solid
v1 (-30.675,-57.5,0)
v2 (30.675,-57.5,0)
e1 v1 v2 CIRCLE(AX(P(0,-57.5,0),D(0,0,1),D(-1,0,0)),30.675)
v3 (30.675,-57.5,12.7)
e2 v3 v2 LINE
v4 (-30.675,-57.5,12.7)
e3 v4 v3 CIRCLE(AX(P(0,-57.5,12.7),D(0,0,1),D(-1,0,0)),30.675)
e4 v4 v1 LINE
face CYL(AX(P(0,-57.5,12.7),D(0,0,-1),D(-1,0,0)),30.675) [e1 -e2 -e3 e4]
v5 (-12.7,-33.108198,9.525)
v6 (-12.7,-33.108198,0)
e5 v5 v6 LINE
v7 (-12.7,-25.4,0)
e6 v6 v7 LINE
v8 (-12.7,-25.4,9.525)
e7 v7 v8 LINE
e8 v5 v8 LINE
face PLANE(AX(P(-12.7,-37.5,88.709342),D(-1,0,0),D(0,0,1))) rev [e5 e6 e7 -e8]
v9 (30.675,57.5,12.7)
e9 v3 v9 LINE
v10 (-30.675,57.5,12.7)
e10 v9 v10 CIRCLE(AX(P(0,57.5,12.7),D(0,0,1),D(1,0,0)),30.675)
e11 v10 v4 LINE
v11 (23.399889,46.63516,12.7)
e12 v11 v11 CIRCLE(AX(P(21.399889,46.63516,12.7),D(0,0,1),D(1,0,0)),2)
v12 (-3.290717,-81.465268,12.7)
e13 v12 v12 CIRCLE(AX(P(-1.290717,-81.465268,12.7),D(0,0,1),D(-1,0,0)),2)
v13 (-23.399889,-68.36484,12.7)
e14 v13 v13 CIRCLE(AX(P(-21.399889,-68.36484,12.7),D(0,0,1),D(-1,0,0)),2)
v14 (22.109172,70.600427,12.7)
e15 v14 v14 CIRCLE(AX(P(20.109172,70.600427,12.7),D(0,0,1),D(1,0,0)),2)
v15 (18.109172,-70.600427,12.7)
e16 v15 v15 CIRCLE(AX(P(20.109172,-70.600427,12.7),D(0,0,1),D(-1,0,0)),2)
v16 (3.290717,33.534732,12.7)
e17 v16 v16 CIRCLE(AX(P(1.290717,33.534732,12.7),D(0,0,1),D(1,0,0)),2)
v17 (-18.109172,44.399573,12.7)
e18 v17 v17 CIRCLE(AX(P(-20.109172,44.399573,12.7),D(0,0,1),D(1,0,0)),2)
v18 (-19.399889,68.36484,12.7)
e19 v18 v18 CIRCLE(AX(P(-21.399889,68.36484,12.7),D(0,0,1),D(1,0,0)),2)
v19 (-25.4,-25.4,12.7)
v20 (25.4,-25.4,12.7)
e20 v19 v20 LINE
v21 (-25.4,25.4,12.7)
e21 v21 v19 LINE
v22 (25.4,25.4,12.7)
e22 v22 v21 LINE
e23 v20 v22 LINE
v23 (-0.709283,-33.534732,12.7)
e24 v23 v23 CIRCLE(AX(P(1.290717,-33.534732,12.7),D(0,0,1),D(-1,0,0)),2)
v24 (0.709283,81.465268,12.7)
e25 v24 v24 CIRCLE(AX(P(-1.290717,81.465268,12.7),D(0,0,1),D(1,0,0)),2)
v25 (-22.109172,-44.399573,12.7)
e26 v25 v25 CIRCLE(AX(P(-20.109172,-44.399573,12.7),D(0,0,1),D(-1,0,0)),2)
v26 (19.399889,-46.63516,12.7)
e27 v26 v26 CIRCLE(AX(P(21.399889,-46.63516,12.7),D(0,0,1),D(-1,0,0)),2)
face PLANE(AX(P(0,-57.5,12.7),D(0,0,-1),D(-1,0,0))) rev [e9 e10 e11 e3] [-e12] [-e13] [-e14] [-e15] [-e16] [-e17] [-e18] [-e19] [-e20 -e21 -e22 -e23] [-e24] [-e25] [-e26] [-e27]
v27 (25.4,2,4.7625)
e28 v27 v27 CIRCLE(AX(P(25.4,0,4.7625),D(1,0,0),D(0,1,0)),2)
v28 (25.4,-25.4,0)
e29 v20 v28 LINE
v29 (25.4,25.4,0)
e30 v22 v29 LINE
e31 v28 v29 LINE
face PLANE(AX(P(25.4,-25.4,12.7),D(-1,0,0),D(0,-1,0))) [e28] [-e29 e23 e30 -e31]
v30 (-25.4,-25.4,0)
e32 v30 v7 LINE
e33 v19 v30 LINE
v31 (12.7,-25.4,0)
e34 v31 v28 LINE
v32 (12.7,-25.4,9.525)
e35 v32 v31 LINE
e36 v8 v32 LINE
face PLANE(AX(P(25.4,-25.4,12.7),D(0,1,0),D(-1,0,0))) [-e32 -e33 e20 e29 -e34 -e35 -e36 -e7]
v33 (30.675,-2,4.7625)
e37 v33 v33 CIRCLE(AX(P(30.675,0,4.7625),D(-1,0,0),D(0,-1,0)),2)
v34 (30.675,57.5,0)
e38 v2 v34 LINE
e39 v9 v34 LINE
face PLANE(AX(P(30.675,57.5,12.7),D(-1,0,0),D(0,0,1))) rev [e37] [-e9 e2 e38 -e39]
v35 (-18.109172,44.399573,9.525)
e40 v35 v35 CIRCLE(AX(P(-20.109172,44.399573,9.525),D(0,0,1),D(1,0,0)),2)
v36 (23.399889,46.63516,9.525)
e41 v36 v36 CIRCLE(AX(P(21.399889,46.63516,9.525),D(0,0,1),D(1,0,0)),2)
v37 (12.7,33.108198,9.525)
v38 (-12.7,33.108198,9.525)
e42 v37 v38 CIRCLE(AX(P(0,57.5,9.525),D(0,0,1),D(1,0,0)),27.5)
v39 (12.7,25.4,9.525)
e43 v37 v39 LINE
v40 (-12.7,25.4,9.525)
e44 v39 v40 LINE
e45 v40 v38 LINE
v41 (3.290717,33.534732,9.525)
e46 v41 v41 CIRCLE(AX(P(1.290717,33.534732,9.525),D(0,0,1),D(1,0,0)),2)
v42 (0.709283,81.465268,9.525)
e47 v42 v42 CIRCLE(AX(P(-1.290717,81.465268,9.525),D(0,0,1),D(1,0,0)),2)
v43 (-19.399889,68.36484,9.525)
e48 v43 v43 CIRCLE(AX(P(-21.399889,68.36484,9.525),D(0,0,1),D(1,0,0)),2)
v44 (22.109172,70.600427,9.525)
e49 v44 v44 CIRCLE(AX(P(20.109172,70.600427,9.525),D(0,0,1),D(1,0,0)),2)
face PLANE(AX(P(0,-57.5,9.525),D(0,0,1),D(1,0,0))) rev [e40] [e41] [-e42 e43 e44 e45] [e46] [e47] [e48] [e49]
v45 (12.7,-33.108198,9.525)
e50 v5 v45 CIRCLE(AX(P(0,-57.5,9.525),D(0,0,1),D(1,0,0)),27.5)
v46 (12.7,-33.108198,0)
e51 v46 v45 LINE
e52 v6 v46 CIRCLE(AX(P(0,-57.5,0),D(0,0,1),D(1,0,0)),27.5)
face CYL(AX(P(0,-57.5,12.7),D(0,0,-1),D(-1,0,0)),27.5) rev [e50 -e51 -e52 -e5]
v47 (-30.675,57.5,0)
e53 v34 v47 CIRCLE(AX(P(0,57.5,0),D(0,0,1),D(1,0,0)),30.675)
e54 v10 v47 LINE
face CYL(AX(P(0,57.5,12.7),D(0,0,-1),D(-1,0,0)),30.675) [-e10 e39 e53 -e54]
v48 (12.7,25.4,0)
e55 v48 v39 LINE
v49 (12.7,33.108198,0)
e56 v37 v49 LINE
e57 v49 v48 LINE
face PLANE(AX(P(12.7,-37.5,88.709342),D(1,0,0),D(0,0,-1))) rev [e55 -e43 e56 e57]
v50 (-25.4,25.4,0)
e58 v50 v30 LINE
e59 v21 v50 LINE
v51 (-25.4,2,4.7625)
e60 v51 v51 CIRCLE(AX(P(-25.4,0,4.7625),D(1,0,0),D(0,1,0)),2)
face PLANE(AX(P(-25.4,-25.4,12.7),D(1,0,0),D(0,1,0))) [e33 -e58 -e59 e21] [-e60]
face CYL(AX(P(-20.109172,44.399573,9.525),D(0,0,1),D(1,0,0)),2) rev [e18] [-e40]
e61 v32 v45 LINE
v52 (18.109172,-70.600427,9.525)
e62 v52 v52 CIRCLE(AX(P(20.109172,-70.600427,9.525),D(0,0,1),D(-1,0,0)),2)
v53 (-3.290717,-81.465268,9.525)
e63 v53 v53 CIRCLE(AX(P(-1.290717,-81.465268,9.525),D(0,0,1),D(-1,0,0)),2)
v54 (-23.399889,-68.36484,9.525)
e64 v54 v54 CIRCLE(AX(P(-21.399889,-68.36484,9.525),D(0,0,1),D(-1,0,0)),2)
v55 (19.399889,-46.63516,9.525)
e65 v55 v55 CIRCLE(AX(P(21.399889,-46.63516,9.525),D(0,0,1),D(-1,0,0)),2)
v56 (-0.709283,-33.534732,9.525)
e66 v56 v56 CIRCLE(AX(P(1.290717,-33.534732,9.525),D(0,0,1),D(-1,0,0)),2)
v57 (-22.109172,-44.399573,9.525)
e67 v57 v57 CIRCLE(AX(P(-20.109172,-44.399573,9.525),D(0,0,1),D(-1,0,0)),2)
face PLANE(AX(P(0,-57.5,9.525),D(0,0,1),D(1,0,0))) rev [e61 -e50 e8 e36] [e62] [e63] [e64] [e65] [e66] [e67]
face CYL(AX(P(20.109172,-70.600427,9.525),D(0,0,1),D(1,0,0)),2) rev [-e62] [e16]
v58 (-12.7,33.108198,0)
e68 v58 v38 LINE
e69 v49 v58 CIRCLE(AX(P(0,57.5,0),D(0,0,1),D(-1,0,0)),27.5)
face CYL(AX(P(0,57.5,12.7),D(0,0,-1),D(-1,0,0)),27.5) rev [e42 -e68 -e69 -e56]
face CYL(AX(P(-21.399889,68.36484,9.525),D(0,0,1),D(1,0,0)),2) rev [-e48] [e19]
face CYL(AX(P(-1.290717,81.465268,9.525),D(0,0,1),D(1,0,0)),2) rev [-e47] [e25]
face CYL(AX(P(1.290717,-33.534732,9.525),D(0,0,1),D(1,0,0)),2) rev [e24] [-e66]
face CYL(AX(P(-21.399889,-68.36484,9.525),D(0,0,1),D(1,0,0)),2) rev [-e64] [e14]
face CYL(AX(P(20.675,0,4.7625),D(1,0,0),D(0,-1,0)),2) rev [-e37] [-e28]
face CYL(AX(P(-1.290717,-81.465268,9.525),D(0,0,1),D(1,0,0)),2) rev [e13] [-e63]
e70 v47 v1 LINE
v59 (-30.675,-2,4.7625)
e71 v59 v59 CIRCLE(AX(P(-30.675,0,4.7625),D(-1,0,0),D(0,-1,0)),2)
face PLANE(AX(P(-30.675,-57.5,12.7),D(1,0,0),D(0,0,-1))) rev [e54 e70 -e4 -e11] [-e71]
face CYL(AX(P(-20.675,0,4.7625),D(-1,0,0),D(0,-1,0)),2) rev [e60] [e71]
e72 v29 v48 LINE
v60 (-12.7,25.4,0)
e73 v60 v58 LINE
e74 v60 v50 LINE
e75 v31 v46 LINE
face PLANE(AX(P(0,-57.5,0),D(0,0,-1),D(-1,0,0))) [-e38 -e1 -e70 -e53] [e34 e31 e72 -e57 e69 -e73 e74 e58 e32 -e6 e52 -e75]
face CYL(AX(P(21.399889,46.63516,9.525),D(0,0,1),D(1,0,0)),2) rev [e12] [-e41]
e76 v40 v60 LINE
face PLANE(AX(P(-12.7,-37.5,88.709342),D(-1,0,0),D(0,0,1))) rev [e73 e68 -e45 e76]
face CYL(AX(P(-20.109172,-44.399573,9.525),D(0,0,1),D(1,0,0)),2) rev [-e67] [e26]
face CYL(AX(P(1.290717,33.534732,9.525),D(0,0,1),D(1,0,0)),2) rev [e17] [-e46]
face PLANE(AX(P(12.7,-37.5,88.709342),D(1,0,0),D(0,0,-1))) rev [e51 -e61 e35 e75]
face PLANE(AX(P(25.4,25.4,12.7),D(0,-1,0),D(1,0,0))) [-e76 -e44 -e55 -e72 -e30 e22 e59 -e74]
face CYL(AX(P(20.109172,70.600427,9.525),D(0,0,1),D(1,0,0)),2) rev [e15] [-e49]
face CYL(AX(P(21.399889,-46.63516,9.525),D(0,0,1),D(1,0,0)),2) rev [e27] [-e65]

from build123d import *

# Parameters (mm, degrees)
SKETCH1_R           = 27.5
SKETCH1_W           = 50.8
SKETCH1_H           = 50.8
BOSS_EXTRUDE1_DEPTH = 12.7
BOSS_EXTRUDE2_START = -3.175
SKETCH2_R           = 2
SKETCH2_W           = 50.8
SKETCH2_H           = 50.8
BOSS_EXTRUDE2_DEPTH = 3.175
SKETCH7_R           = 2
CUT_EXTRUDE4_DEPTH  = 10
SKETCH8_W           = 25.4
SKETCH8_H           = 75
CUT_EXTRUDE5_DEPTH  = 9.525


with BuildPart() as part:
    # Sketch1 → Boss-Extrude1 (new body)
    with BuildSketch(Plane.XY):
        with BuildLine():
            Line((30.675000233, 57.5), (30.675000233, -57.5))
            ThreePointArc((30.675000233, -57.5), (0, -88.175000233), (-30.675000233, -57.5))
            Line((-30.675000233, -57.5), (-30.675000233, 57.5))
            ThreePointArc((-30.675000233, 57.5), (0, 88.175000233), (30.675000233, 57.5))
        make_face()
        with Locations((0, -57.5)):
            Circle(SKETCH1_R, mode=Mode.SUBTRACT)
        with Locations(Location((0, 57.5, 0), (0, 0, 180))):
            Circle(SKETCH1_R, mode=Mode.SUBTRACT)
        Rectangle(SKETCH1_W, SKETCH1_H, mode=Mode.SUBTRACT)
    extrude(amount=BOSS_EXTRUDE1_DEPTH)

    # Sketch2 → Boss-Extrude2 (add)
    with BuildSketch(Plane.XY.offset(12.7).offset(BOSS_EXTRUDE2_START)):
        with BuildLine():
            Line((30.675000233, -57.5), (30.675000233, 57.5))
            ThreePointArc((30.675000233, 57.5), (0, 88.175000233), (-30.675000233, 57.5))
            Line((-30.675000233, 57.5), (-30.675000233, -57.5))
            ThreePointArc((-30.675000233, -57.5), (0, -88.175000233), (30.675000233, -57.5))
        make_face()
        with Locations((-1.290716795, 81.465267579)):
            Circle(SKETCH2_R, mode=Mode.SUBTRACT)
        with Locations((20.109172135, 70.600427323)):
            Circle(SKETCH2_R, mode=Mode.SUBTRACT)
        with Locations((21.39988893, 46.635159744)):
            Circle(SKETCH2_R, mode=Mode.SUBTRACT)
        with Locations((1.290716795, 33.534732421)):
            Circle(SKETCH2_R, mode=Mode.SUBTRACT)
        with Locations((-20.109172135, 44.399572677)):
            Circle(SKETCH2_R, mode=Mode.SUBTRACT)
        with Locations((-21.39988893, 68.364840256)):
            Circle(SKETCH2_R, mode=Mode.SUBTRACT)
        with Locations(Location((-21.39988893, -68.364840256, 0), (0, 0, 180))):
            Circle(SKETCH2_R, mode=Mode.SUBTRACT)
        with Locations(Location((-20.109172135, -44.399572677, 0), (0, 0, 180))):
            Circle(SKETCH2_R, mode=Mode.SUBTRACT)
        with Locations(Location((1.290716795, -33.534732421, 0), (0, 0, 180))):
            Circle(SKETCH2_R, mode=Mode.SUBTRACT)
        with Locations(Location((21.39988893, -46.635159744, 0), (0, 0, 180))):
            Circle(SKETCH2_R, mode=Mode.SUBTRACT)
        with Locations(Location((20.109172135, -70.600427323, 0), (0, 0, 180))):
            Circle(SKETCH2_R, mode=Mode.SUBTRACT)
        with Locations(Location((-1.290716795, -81.465267579, 0), (0, 0, 180))):
            Circle(SKETCH2_R, mode=Mode.SUBTRACT)
        Rectangle(SKETCH2_W, SKETCH2_H, mode=Mode.SUBTRACT)
    extrude(amount=BOSS_EXTRUDE2_DEPTH)

    # Sketch7 → Cut-Extrude4 (cut)
    with BuildSketch(Plane.ZY.offset(30.675000233)):
        with Locations(Location((4.7625, 0, 0), (0, 0, 270))):
            Circle(SKETCH7_R)
    cut_extrude4 = extrude(amount=-CUT_EXTRUDE4_DEPTH, mode=Mode.SUBTRACT)

    # Mirror2: Cut-Extrude4 across plane
    add(cut_extrude4.mirror(Plane(origin=(0, 0, 0), x_dir=(0, 0, 1), z_dir=(1, 0, 0))), mode=Mode.SUBTRACT)

    # Sketch8 → Cut-Extrude5 (cut)
    with BuildSketch(Plane(origin=(0, 0, 0), x_dir=(-1, 0, 0), z_dir=(0, 0, -1))):
        Rectangle(SKETCH8_W, SKETCH8_H)
    extrude(amount=-CUT_EXTRUDE5_DEPTH, mode=Mode.SUBTRACT)


solid = part.part
